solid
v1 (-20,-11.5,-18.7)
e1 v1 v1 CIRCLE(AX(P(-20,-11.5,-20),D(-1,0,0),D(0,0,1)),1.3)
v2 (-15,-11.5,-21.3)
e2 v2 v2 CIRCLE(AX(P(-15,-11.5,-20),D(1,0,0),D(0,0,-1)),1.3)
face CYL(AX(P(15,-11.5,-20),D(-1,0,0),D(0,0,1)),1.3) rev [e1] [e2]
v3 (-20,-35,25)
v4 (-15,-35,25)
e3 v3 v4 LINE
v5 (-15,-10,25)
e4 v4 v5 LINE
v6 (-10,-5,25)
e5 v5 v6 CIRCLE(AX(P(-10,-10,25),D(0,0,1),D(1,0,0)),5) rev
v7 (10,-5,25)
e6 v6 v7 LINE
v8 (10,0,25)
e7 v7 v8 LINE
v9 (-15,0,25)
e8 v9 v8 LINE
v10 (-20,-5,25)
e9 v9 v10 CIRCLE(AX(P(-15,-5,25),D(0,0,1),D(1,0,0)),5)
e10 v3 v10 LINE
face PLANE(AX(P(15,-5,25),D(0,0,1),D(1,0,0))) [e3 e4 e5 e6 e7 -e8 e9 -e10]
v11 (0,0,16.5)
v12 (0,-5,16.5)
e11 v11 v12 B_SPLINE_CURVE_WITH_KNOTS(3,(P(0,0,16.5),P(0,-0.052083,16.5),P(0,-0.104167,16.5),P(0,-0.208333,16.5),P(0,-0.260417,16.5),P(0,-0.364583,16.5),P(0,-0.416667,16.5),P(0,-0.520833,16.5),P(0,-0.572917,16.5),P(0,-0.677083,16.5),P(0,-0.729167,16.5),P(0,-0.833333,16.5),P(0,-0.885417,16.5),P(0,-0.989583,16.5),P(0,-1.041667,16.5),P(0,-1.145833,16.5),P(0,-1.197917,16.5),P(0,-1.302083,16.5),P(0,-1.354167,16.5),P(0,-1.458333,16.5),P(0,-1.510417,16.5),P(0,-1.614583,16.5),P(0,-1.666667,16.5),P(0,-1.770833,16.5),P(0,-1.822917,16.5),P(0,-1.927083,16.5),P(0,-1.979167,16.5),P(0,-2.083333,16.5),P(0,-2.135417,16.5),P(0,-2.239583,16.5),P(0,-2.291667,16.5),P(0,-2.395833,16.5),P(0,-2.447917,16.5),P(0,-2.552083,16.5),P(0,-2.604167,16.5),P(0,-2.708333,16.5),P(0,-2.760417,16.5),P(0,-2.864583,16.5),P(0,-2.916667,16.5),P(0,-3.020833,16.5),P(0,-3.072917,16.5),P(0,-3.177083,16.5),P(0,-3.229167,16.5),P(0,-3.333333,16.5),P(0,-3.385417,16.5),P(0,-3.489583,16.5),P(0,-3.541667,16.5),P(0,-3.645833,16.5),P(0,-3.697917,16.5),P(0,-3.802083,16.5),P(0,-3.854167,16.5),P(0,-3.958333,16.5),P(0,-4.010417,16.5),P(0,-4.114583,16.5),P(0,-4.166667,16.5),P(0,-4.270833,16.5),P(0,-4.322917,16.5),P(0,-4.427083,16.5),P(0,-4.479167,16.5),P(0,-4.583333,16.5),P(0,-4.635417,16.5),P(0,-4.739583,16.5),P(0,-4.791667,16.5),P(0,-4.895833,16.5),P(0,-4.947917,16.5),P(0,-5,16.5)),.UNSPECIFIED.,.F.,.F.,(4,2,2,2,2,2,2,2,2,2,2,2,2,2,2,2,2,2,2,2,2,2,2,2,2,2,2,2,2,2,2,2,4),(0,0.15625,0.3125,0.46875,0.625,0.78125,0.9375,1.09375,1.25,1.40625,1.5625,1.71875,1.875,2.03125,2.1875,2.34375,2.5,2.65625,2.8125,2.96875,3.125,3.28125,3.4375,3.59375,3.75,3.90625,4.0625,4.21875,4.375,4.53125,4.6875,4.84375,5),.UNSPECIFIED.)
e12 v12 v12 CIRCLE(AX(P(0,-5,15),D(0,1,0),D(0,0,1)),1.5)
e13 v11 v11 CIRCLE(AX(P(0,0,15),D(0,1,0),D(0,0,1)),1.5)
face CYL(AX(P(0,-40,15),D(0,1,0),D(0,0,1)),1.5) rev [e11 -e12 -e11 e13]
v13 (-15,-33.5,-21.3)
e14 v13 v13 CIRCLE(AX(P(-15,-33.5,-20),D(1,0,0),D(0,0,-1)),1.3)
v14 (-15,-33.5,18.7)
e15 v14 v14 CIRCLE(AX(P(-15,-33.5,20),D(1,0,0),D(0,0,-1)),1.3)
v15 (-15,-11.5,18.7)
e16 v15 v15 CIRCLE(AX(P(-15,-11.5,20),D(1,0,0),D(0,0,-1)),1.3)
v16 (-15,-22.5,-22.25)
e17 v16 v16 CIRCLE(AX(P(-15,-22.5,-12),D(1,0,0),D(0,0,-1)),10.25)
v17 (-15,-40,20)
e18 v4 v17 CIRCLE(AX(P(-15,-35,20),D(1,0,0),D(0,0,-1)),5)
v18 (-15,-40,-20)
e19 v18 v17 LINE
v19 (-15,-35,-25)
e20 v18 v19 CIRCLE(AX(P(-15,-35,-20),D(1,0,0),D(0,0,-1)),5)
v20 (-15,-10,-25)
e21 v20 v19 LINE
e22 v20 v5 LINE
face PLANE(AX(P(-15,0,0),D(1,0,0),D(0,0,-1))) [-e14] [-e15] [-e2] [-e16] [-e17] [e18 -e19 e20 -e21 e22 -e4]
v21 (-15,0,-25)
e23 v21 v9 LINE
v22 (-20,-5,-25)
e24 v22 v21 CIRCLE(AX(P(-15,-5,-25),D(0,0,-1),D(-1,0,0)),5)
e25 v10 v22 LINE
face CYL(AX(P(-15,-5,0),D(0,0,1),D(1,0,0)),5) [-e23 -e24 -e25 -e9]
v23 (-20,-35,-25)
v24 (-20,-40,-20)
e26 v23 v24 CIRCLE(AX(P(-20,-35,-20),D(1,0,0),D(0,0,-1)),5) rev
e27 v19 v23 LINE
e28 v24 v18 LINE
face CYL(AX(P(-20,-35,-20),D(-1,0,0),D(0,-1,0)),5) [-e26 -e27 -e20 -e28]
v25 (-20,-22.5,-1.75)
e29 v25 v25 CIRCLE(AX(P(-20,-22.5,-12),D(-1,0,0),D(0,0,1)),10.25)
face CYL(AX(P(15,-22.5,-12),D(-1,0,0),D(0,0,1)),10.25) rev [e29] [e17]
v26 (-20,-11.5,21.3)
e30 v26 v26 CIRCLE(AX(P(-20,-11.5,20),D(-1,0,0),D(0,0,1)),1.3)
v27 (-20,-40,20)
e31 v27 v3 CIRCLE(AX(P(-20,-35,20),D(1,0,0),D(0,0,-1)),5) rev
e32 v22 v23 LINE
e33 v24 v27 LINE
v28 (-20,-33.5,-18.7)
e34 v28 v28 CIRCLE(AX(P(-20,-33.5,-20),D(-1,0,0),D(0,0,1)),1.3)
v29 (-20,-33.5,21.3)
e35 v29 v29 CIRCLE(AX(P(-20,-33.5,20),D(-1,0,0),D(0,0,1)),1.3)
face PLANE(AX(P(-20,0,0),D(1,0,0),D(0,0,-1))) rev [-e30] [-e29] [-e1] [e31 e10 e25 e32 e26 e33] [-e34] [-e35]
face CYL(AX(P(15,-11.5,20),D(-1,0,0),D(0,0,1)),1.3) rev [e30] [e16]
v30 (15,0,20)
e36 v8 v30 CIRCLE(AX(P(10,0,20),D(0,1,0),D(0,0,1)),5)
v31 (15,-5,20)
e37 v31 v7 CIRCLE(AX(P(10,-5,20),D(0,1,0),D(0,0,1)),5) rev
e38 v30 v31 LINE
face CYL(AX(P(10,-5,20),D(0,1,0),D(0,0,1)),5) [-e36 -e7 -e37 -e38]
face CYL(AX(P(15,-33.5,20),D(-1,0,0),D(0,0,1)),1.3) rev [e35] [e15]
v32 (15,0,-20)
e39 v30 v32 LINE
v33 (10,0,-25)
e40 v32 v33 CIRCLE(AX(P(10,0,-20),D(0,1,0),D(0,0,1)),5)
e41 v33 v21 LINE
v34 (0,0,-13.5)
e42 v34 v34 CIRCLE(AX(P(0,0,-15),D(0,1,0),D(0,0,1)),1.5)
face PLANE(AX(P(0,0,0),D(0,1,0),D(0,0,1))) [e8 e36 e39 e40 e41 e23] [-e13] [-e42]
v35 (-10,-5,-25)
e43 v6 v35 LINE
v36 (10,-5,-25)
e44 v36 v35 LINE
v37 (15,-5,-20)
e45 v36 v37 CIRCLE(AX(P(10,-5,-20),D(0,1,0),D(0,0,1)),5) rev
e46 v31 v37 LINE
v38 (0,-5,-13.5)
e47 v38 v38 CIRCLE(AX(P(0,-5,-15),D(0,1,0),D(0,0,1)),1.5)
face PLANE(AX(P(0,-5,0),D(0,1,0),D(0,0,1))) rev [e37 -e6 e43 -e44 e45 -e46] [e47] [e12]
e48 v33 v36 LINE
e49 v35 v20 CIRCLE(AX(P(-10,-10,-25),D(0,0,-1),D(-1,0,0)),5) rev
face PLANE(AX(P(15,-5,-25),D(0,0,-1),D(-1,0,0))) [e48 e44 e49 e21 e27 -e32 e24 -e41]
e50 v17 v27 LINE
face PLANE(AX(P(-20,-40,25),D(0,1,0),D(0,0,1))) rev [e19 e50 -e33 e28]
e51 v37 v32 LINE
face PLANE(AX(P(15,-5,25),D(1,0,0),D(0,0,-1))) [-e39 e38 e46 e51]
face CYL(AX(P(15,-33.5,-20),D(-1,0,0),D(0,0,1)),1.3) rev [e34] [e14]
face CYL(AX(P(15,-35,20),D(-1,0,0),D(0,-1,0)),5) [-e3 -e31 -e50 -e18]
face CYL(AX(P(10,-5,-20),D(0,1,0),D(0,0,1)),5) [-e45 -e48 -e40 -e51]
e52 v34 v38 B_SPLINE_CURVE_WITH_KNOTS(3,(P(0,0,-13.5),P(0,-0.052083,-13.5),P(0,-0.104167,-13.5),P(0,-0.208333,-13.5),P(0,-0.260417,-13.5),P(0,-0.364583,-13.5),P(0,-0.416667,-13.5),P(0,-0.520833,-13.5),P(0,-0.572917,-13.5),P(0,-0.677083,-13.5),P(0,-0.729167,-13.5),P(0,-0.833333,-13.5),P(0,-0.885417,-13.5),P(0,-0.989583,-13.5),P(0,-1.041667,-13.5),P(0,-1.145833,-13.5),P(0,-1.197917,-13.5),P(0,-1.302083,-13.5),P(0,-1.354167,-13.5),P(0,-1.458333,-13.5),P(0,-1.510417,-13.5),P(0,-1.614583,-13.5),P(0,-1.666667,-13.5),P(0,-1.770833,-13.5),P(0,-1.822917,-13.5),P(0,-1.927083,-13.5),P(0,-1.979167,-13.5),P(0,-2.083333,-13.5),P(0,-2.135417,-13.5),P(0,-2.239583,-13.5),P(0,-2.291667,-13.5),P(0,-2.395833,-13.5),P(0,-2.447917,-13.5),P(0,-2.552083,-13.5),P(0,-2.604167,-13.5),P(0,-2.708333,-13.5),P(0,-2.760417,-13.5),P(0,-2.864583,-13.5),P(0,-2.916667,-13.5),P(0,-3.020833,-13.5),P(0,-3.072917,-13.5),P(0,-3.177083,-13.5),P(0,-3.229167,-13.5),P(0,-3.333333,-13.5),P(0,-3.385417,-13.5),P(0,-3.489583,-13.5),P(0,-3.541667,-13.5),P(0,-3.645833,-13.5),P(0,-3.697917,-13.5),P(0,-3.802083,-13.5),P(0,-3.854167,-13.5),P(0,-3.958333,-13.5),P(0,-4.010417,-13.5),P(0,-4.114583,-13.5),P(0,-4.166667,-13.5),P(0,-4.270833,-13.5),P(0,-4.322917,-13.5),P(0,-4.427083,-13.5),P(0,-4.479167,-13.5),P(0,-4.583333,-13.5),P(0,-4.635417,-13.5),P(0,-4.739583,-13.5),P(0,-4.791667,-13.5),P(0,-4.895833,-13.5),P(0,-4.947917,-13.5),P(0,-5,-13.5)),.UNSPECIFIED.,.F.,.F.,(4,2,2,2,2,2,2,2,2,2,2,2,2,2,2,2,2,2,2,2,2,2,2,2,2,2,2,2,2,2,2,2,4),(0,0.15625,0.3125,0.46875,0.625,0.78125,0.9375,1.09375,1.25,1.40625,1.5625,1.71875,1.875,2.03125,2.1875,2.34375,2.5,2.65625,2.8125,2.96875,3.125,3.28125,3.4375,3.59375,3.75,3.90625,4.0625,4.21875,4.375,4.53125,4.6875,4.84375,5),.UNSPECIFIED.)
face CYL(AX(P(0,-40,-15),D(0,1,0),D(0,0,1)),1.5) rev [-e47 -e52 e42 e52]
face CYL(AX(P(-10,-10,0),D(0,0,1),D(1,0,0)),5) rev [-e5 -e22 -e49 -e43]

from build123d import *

# Parameters (mm, degrees)
ESQUISSE1_W             = 30
ESQUISSE1_H             = 50
BOSS_EXTRU_1_DEPTH      = 5
ESQUISSE2_W             = 50
ESQUISSE2_H             = 40
BOSS_EXTRU_2_DEPTH      = 5
CONG_2_R                = 5
ESQUISSE11_R            = 1.5
ENL_V_MAT_EXTRU_2_DEPTH = 52.23475383
ESQUISSE12_R            = 10.25
ESQUISSE12_R_2          = 1.3
ENL_V_MAT_EXTRU_3_DEPTH = 59.736700622


with BuildPart() as part:
    # Esquisse1 → Boss.-Extru.1 (new body)
    with BuildSketch(Plane(origin=(0, 0, 0), x_dir=(1, 0, 0), z_dir=(0, 1, 0))):
        Rectangle(ESQUISSE1_W, ESQUISSE1_H)
    extrude(amount=-BOSS_EXTRU_1_DEPTH)

    # Esquisse2 → Boss.-Extru.2 (add)
    with BuildSketch(Plane.ZY.offset(15)):
        with Locations((0, -20)):
            Rectangle(ESQUISSE2_W, ESQUISSE2_H)
    extrude(amount=BOSS_EXTRU_2_DEPTH)

    # Congé2
    cong_2_edges = [part.edges().sort_by_distance(p)[0] for p in [
        (-15, -5, 0),
        (-17.5, -40, 25),
        (-17.5, -40, -25),
        (-20, 0, 0),
        (15, -2.5, 25),
        (15, -2.5, -25),
    ]]
    fillet(cong_2_edges, radius=CONG_2_R)

    # Esquisse11 → Enlèv. mat.-Extru.2 (cut, through all)
    with BuildSketch(Plane(origin=(0, 0, 0), x_dir=(1, 0, 0), z_dir=(0, 1, 0))):
        with Locations(Location((0, 15, 0), (0, 0, 270))):
            Circle(ESQUISSE11_R)
        with Locations(Location((0, -15, 0), (0, 0, 270))):
            Circle(ESQUISSE11_R)
    extrude(amount=-ENL_V_MAT_EXTRU_2_DEPTH, mode=Mode.SUBTRACT)

    # Esquisse12 → Enlèv. mat.-Extru.3 (cut, through all)
    with BuildSketch(Plane.ZY.offset(20)):
        with Locations((-12, -22.5)):
            Circle(ESQUISSE12_R)
        with Locations((-20, -11.5)):
            Circle(ESQUISSE12_R_2)
        with Locations((-20, -33.5)):
            Circle(ESQUISSE12_R_2)
        with Locations((20, -33.5)):
            Circle(ESQUISSE12_R_2)
        with Locations((20, -11.5)):
            Circle(ESQUISSE12_R_2)
    extrude(amount=-ENL_V_MAT_EXTRU_3_DEPTH, mode=Mode.SUBTRACT)


solid = part.part
